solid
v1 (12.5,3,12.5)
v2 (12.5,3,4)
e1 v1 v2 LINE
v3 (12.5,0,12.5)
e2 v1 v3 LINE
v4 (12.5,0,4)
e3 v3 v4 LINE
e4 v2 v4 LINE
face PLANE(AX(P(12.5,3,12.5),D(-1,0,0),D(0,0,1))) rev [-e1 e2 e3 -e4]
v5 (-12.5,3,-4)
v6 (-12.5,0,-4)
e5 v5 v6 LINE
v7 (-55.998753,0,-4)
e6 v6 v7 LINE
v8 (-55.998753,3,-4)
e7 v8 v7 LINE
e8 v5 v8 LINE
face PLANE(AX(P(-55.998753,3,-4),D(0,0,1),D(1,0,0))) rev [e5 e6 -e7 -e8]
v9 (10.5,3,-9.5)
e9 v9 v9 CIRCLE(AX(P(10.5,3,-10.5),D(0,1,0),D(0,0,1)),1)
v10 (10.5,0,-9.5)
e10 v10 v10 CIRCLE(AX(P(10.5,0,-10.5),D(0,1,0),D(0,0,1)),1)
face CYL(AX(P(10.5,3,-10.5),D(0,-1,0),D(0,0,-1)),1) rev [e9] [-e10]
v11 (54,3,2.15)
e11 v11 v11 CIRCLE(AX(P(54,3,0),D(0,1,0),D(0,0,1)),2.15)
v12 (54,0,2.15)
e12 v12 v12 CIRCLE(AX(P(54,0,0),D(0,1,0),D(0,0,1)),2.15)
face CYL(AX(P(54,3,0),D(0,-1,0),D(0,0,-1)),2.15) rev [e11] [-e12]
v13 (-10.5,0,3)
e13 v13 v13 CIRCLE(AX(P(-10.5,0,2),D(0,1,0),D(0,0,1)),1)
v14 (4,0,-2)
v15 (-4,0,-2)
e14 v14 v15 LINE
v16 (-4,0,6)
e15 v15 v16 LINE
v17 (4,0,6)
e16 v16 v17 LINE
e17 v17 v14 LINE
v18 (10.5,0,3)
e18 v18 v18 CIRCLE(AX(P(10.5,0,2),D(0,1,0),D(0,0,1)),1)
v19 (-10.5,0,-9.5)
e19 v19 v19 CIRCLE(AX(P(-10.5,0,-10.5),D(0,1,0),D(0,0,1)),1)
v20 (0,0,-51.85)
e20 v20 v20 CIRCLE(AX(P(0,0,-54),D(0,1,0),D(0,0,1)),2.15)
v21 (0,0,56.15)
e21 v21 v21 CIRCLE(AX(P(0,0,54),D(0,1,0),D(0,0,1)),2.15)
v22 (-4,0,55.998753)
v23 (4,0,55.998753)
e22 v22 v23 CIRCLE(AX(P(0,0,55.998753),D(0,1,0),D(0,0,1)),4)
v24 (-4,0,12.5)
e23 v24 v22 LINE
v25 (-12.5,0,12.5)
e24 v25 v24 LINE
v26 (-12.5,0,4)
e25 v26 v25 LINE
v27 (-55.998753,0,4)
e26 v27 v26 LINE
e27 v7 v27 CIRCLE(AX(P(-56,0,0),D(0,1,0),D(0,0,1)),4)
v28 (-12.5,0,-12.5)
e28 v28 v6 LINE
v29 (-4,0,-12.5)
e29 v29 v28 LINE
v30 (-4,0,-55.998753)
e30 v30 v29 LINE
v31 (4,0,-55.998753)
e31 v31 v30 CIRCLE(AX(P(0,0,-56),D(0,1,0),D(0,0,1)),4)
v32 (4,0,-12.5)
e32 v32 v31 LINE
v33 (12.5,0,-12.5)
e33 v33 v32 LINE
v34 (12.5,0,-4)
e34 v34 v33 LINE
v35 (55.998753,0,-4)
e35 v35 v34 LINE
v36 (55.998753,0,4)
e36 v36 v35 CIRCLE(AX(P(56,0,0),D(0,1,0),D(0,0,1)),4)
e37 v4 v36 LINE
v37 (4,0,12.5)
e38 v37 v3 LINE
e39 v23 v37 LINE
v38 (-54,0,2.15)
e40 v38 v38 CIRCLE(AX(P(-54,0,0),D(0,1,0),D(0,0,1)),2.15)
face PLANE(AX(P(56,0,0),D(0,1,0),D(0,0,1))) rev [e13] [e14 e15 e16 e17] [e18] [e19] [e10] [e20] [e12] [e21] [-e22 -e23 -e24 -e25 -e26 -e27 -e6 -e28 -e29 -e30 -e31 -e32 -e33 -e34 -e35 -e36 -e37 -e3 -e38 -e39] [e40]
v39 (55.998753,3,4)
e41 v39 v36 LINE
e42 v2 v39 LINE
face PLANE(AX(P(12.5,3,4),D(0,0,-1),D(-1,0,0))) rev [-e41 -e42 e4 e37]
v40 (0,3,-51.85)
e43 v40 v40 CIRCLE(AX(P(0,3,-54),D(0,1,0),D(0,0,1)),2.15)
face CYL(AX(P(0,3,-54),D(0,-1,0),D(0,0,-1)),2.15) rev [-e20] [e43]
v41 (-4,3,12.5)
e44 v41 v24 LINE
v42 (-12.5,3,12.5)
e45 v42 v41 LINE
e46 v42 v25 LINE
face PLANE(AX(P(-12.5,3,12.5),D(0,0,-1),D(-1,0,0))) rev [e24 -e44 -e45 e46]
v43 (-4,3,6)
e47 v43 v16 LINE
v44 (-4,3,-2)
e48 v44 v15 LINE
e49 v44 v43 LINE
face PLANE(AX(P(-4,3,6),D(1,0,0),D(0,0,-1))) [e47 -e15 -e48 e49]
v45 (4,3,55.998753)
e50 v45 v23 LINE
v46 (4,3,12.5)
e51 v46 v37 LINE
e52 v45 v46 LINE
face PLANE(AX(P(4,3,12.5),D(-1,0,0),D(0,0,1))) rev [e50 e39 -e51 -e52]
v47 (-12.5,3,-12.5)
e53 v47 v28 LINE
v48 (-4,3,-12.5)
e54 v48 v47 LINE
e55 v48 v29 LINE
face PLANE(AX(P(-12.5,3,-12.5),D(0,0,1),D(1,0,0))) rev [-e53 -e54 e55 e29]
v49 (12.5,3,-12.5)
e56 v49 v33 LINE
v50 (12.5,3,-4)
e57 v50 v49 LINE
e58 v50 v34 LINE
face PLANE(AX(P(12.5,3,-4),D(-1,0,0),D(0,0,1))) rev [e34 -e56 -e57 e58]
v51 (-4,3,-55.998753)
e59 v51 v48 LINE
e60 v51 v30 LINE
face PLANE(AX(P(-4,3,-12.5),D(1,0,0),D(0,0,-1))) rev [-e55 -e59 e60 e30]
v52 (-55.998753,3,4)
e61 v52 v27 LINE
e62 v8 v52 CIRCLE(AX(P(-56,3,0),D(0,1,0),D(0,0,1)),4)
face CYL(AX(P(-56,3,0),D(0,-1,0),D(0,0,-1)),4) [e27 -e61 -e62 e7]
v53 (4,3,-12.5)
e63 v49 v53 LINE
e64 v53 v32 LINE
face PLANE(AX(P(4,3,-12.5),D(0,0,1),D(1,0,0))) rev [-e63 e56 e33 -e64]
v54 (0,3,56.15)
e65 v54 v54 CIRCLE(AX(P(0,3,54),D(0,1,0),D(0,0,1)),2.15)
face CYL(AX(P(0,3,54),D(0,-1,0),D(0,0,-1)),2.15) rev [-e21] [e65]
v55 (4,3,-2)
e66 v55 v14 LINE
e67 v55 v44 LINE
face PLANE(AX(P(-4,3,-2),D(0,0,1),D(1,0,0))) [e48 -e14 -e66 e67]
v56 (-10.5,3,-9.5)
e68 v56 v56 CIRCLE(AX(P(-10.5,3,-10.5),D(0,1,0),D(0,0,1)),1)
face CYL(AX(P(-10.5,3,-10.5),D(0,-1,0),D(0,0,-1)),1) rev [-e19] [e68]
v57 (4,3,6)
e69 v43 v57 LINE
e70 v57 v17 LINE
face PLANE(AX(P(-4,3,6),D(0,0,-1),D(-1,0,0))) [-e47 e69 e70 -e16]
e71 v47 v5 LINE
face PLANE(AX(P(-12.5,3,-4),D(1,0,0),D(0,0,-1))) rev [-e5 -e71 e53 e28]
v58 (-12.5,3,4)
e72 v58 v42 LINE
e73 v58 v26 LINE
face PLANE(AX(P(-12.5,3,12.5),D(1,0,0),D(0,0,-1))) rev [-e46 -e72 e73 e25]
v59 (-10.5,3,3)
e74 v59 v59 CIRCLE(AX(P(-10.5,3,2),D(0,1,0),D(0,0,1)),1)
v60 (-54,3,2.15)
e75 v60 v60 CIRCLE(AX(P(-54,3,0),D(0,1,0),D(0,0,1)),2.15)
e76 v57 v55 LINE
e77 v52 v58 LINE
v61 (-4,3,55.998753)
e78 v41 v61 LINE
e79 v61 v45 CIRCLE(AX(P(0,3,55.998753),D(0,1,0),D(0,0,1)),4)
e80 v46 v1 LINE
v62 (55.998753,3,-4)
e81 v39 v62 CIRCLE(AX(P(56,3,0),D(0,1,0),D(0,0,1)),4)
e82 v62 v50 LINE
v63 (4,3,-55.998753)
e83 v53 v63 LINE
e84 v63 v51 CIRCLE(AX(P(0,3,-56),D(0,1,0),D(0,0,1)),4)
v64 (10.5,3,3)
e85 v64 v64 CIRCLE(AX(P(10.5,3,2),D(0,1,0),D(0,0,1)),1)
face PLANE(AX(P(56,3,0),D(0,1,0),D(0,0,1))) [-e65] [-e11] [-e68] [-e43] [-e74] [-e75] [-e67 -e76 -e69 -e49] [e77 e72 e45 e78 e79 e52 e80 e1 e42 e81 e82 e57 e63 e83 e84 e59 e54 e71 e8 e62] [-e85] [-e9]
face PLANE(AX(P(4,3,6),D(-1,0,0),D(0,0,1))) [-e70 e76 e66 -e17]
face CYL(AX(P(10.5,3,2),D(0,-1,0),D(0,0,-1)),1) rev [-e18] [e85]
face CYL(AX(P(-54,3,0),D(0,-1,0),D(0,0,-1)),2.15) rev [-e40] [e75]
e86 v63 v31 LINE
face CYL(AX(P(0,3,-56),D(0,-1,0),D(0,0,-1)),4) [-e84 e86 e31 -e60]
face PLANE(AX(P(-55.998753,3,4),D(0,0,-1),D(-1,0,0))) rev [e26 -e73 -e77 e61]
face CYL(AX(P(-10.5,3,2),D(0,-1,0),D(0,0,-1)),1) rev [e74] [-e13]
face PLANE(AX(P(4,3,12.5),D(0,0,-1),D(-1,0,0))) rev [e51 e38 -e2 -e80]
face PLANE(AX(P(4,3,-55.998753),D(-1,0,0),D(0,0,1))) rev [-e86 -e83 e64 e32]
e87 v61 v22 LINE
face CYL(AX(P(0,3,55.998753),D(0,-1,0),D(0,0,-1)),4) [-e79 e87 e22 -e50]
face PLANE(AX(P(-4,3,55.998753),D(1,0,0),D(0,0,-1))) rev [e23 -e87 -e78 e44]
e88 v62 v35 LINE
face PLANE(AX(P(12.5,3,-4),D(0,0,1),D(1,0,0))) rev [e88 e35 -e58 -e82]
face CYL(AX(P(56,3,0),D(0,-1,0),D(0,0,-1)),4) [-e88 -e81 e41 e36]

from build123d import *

# Parameters (mm, degrees)
SCHIZZO1_R                   = 1
SCHIZZO1_R_2                 = 2.15
SCHIZZO1_W                   = 8
SCHIZZO1_H                   = 8
ESTRUSIONE_ESTRUSIONE1_DEPTH = 3


with BuildPart() as part:
    # Schizzo1 → Estrusione-Estrusione1 (new body)
    with BuildSketch(Plane(origin=(0, 0, 0), x_dir=(1, 0, 0), z_dir=(0, 1, 0))):
        with BuildLine():
            Line((4, 55.99875276), (4, 12.5))
            Line((4, 12.5), (12.5, 12.5))
            Line((12.5, 12.5), (12.5, 4))
            Line((12.5, 4), (55.99875276, 4))
            ThreePointArc((55.99875276, 4), (60, 0), (55.99875276, -4))
            Line((55.99875276, -4), (12.5, -4))
            Line((12.5, -4), (12.5, -12.5))
            Line((12.5, -12.5), (4, -12.5))
            Line((4, -12.5), (4, -55.99875276))
            ThreePointArc((4, -55.99875276), (0, -59.99875276), (-4, -55.99875276))
            Line((-4, -55.99875276), (-4, -12.5))
            Line((-4, -12.5), (-12.5, -12.5))
            Line((-12.5, -12.5), (-12.5, -4))
            Line((-12.5, -4), (-55.99875276, -4))
            ThreePointArc((-55.99875276, -4), (-60.000000389, 0), (-55.99875276, 4))
            Line((-55.99875276, 4), (-12.5, 4))
            Line((-12.5, 4), (-12.5, 12.5))
            Line((-12.5, 12.5), (-4, 12.5))
            Line((-4, 12.5), (-4, 55.99875276))
            ThreePointArc((-4, 55.99875276), (0, 60), (4, 55.99875276))
        make_face()
        with Locations(Location((-10.5, 10.5, 0), (0, 0, 270))):
            Circle(SCHIZZO1_R, mode=Mode.SUBTRACT)
        with Locations(Location((10.5, 10.5, 0), (0, 0, 270))):
            Circle(SCHIZZO1_R, mode=Mode.SUBTRACT)
        with Locations(Location((-10.5, -2, 0), (0, 0, 270))):
            Circle(SCHIZZO1_R, mode=Mode.SUBTRACT)
        with Locations(Location((10.5, -2, 0), (0, 0, 270))):
            Circle(SCHIZZO1_R, mode=Mode.SUBTRACT)
        with Locations(Location((-54, 0, 0), (0, 0, 270))):
            Circle(SCHIZZO1_R_2, mode=Mode.SUBTRACT)
        with Locations(Location((0, 54, 0), (0, 0, 270))):
            Circle(SCHIZZO1_R_2, mode=Mode.SUBTRACT)
        with Locations(Location((54, 0, 0), (0, 0, 270))):
            Circle(SCHIZZO1_R_2, mode=Mode.SUBTRACT)
        with Locations(Location((0, -54, 0), (0, 0, 270))):
            Circle(SCHIZZO1_R_2, mode=Mode.SUBTRACT)
        with Locations((0, -2)):
            Rectangle(SCHIZZO1_W, SCHIZZO1_H, mode=Mode.SUBTRACT)
    extrude(amount=ESTRUSIONE_ESTRUSIONE1_DEPTH)


solid = part.part
